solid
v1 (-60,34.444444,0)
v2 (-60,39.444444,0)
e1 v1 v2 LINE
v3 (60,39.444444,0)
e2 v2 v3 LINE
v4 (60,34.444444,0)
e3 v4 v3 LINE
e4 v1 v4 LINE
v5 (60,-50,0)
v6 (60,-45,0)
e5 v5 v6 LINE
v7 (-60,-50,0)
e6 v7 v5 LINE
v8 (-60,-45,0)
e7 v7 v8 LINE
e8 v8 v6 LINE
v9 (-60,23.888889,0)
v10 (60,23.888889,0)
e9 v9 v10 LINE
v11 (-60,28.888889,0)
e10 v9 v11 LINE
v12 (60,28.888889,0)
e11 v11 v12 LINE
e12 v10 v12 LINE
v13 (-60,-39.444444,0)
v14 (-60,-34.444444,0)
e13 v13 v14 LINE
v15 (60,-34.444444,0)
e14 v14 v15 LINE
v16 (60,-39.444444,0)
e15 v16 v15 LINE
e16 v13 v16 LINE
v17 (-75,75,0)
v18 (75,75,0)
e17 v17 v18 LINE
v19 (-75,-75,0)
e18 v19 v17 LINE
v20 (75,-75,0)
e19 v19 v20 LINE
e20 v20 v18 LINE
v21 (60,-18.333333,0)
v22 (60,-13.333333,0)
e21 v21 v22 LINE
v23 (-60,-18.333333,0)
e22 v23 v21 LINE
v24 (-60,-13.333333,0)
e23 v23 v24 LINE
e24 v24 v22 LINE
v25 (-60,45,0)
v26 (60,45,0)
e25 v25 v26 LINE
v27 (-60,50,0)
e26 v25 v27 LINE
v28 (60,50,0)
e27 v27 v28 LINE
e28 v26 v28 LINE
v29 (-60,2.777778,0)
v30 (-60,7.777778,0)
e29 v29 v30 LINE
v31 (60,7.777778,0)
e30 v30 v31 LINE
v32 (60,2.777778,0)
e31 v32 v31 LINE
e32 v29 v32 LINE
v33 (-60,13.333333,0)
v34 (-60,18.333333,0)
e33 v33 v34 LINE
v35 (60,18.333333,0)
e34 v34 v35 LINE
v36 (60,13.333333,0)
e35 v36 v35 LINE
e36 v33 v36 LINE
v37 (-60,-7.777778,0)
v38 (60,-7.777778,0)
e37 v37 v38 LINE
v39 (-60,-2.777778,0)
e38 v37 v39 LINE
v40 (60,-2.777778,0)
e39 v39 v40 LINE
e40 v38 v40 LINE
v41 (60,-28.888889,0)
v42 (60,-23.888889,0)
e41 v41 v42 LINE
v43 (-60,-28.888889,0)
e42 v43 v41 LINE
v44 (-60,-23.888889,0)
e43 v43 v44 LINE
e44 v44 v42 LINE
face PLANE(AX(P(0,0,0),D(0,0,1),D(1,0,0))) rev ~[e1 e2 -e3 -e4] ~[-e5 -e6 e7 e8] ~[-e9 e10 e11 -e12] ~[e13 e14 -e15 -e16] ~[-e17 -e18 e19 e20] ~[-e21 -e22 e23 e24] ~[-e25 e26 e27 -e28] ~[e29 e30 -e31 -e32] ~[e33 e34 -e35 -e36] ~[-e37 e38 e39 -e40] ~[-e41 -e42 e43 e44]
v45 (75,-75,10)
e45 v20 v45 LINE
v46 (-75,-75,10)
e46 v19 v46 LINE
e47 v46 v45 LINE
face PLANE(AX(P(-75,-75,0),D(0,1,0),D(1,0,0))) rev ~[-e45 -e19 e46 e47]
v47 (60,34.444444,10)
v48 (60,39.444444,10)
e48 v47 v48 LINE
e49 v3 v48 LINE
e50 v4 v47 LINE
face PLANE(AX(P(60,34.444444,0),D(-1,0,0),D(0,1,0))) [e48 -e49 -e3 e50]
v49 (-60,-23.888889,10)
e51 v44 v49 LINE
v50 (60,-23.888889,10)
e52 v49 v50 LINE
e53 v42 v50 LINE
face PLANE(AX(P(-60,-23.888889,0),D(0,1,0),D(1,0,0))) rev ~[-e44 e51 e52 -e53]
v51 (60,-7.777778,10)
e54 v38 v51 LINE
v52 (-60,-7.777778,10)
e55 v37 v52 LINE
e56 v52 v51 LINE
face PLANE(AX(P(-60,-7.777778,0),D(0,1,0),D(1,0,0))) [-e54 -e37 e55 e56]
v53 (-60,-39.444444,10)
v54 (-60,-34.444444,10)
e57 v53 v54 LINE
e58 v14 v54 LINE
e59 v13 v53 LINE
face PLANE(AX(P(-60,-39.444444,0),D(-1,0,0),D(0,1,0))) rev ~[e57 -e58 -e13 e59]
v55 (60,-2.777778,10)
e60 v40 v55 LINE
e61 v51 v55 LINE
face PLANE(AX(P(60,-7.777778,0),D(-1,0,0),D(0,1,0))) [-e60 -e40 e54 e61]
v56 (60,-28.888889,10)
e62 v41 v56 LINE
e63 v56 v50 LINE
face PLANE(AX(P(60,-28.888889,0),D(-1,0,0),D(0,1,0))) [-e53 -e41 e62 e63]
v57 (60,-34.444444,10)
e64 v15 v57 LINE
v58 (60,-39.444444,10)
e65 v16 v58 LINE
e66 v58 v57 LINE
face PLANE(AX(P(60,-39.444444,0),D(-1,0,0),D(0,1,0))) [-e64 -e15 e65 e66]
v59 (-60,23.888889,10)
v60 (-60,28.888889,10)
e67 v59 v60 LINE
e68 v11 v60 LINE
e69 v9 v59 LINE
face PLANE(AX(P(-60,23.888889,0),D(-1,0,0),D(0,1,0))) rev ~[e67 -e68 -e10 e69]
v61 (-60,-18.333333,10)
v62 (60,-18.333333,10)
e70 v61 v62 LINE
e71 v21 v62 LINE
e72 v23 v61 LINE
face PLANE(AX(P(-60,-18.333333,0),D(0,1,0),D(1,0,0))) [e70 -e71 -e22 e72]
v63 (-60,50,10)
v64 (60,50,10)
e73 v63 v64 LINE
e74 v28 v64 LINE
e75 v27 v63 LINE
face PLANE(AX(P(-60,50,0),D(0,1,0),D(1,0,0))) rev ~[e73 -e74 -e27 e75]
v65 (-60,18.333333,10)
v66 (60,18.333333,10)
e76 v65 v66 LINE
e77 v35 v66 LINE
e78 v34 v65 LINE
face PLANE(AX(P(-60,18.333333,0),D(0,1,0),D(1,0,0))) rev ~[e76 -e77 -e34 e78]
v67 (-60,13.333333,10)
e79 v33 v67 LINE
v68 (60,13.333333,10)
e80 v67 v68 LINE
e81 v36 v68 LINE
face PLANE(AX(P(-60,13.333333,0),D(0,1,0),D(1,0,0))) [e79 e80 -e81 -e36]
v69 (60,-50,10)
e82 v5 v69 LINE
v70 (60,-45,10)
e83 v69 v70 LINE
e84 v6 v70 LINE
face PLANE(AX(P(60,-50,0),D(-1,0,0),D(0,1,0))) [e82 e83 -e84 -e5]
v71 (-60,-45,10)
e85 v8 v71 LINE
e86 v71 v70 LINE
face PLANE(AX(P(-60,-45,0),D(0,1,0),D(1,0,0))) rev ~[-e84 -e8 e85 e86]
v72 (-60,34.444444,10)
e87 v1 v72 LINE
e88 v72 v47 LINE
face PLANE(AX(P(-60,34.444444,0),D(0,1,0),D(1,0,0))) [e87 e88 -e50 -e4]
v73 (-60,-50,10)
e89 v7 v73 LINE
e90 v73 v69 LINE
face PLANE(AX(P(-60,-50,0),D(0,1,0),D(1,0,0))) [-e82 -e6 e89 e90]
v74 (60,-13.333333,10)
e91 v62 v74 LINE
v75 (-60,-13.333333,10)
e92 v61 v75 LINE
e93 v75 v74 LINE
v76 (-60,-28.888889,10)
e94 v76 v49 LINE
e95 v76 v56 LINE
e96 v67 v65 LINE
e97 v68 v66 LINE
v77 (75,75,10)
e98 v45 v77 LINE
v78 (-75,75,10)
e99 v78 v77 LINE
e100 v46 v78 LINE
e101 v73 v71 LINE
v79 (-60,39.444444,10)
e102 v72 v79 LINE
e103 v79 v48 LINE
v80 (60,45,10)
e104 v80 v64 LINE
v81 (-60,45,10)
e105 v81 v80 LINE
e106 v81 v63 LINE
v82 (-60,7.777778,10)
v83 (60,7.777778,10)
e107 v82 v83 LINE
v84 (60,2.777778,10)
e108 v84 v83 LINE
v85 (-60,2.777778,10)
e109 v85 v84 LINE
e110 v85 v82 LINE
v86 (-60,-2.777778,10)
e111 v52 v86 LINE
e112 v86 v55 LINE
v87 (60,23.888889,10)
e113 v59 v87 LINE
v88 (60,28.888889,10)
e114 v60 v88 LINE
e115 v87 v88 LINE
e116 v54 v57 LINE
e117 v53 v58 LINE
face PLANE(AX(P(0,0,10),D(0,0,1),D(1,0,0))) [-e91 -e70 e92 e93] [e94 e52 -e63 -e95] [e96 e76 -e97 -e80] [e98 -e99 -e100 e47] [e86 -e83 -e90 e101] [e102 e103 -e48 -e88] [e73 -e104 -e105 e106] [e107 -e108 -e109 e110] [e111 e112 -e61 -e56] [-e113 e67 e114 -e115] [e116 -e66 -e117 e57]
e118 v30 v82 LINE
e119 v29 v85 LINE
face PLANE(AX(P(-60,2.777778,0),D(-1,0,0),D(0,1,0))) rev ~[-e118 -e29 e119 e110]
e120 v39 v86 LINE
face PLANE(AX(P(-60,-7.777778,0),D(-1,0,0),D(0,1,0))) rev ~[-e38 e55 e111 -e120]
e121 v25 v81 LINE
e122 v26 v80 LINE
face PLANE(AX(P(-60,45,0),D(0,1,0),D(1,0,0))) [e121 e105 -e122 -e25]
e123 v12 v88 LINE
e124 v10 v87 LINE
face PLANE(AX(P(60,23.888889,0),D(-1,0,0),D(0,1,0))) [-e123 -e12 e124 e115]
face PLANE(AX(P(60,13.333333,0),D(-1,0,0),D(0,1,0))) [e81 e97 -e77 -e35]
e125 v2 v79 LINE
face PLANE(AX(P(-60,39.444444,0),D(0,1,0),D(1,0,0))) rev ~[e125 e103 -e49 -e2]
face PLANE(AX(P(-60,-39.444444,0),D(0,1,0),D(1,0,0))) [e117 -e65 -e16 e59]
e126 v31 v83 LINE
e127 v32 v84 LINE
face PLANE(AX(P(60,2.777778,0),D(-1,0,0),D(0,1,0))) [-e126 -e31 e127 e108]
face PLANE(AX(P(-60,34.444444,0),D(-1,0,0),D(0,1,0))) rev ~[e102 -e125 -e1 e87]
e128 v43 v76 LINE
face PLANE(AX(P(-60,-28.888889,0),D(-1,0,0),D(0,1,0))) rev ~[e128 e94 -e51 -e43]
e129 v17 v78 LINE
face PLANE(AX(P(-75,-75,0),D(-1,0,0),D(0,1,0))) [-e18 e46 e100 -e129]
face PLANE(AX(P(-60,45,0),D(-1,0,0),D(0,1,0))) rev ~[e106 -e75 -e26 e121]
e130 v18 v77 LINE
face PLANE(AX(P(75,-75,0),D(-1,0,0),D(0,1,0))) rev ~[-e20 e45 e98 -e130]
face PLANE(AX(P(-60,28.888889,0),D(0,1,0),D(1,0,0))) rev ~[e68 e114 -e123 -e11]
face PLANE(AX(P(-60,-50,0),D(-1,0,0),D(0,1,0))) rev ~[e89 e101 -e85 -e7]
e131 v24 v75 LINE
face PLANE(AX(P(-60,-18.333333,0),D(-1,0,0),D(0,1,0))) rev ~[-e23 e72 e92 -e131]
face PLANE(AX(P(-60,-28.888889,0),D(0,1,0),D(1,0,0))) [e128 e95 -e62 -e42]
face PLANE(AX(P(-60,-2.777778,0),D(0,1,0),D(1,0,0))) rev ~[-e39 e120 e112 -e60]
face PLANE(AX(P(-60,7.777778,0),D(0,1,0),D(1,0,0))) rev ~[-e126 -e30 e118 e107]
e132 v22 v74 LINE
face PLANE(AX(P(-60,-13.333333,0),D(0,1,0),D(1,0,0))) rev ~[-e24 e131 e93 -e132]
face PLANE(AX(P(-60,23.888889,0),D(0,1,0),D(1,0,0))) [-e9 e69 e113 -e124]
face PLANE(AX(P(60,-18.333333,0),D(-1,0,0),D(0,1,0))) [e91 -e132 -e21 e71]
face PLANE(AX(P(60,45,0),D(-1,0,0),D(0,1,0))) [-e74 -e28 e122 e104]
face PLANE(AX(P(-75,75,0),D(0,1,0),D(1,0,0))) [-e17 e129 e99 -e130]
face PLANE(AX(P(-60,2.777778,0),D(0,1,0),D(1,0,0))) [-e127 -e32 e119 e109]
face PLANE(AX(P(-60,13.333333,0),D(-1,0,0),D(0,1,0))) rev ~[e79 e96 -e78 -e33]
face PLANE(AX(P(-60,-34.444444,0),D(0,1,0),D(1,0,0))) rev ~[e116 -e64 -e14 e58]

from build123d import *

# Parameters (mm, degrees)
F0_W     = 150
F0_H     = 150
F0_W_2   = 120
F0_H_2   = 5
F1_DEPTH = 10


with BuildPart() as f1:
    # F0 (on Top) → F1 (new body)
    with BuildSketch(Plane.XY):
        Rectangle(F0_W, F0_H)
        with Locations((0, -47.5)):
            Rectangle(F0_W_2, F0_H_2, mode=Mode.SUBTRACT)
        with Locations((0, -36.944444)):
            Rectangle(F0_W_2, F0_H_2, mode=Mode.SUBTRACT)
        with Locations((0, -26.388889)):
            Rectangle(F0_W_2, F0_H_2, mode=Mode.SUBTRACT)
        with Locations((0, -15.833333)):
            Rectangle(F0_W_2, F0_H_2, mode=Mode.SUBTRACT)
        with Locations((0, -5.277778)):
            Rectangle(F0_W_2, F0_H_2, mode=Mode.SUBTRACT)
        with Locations((0, 5.277778)):
            Rectangle(F0_W_2, F0_H_2, mode=Mode.SUBTRACT)
        with Locations((0, 15.833333)):
            Rectangle(F0_W_2, F0_H_2, mode=Mode.SUBTRACT)
        with Locations((0, 26.388889)):
            Rectangle(F0_W_2, F0_H_2, mode=Mode.SUBTRACT)
        with Locations((0, 36.944444)):
            Rectangle(F0_W_2, F0_H_2, mode=Mode.SUBTRACT)
        with Locations((0, 47.5)):
            Rectangle(F0_W_2, F0_H_2, mode=Mode.SUBTRACT)
    extrude(amount=F1_DEPTH)


solid = f1.part
